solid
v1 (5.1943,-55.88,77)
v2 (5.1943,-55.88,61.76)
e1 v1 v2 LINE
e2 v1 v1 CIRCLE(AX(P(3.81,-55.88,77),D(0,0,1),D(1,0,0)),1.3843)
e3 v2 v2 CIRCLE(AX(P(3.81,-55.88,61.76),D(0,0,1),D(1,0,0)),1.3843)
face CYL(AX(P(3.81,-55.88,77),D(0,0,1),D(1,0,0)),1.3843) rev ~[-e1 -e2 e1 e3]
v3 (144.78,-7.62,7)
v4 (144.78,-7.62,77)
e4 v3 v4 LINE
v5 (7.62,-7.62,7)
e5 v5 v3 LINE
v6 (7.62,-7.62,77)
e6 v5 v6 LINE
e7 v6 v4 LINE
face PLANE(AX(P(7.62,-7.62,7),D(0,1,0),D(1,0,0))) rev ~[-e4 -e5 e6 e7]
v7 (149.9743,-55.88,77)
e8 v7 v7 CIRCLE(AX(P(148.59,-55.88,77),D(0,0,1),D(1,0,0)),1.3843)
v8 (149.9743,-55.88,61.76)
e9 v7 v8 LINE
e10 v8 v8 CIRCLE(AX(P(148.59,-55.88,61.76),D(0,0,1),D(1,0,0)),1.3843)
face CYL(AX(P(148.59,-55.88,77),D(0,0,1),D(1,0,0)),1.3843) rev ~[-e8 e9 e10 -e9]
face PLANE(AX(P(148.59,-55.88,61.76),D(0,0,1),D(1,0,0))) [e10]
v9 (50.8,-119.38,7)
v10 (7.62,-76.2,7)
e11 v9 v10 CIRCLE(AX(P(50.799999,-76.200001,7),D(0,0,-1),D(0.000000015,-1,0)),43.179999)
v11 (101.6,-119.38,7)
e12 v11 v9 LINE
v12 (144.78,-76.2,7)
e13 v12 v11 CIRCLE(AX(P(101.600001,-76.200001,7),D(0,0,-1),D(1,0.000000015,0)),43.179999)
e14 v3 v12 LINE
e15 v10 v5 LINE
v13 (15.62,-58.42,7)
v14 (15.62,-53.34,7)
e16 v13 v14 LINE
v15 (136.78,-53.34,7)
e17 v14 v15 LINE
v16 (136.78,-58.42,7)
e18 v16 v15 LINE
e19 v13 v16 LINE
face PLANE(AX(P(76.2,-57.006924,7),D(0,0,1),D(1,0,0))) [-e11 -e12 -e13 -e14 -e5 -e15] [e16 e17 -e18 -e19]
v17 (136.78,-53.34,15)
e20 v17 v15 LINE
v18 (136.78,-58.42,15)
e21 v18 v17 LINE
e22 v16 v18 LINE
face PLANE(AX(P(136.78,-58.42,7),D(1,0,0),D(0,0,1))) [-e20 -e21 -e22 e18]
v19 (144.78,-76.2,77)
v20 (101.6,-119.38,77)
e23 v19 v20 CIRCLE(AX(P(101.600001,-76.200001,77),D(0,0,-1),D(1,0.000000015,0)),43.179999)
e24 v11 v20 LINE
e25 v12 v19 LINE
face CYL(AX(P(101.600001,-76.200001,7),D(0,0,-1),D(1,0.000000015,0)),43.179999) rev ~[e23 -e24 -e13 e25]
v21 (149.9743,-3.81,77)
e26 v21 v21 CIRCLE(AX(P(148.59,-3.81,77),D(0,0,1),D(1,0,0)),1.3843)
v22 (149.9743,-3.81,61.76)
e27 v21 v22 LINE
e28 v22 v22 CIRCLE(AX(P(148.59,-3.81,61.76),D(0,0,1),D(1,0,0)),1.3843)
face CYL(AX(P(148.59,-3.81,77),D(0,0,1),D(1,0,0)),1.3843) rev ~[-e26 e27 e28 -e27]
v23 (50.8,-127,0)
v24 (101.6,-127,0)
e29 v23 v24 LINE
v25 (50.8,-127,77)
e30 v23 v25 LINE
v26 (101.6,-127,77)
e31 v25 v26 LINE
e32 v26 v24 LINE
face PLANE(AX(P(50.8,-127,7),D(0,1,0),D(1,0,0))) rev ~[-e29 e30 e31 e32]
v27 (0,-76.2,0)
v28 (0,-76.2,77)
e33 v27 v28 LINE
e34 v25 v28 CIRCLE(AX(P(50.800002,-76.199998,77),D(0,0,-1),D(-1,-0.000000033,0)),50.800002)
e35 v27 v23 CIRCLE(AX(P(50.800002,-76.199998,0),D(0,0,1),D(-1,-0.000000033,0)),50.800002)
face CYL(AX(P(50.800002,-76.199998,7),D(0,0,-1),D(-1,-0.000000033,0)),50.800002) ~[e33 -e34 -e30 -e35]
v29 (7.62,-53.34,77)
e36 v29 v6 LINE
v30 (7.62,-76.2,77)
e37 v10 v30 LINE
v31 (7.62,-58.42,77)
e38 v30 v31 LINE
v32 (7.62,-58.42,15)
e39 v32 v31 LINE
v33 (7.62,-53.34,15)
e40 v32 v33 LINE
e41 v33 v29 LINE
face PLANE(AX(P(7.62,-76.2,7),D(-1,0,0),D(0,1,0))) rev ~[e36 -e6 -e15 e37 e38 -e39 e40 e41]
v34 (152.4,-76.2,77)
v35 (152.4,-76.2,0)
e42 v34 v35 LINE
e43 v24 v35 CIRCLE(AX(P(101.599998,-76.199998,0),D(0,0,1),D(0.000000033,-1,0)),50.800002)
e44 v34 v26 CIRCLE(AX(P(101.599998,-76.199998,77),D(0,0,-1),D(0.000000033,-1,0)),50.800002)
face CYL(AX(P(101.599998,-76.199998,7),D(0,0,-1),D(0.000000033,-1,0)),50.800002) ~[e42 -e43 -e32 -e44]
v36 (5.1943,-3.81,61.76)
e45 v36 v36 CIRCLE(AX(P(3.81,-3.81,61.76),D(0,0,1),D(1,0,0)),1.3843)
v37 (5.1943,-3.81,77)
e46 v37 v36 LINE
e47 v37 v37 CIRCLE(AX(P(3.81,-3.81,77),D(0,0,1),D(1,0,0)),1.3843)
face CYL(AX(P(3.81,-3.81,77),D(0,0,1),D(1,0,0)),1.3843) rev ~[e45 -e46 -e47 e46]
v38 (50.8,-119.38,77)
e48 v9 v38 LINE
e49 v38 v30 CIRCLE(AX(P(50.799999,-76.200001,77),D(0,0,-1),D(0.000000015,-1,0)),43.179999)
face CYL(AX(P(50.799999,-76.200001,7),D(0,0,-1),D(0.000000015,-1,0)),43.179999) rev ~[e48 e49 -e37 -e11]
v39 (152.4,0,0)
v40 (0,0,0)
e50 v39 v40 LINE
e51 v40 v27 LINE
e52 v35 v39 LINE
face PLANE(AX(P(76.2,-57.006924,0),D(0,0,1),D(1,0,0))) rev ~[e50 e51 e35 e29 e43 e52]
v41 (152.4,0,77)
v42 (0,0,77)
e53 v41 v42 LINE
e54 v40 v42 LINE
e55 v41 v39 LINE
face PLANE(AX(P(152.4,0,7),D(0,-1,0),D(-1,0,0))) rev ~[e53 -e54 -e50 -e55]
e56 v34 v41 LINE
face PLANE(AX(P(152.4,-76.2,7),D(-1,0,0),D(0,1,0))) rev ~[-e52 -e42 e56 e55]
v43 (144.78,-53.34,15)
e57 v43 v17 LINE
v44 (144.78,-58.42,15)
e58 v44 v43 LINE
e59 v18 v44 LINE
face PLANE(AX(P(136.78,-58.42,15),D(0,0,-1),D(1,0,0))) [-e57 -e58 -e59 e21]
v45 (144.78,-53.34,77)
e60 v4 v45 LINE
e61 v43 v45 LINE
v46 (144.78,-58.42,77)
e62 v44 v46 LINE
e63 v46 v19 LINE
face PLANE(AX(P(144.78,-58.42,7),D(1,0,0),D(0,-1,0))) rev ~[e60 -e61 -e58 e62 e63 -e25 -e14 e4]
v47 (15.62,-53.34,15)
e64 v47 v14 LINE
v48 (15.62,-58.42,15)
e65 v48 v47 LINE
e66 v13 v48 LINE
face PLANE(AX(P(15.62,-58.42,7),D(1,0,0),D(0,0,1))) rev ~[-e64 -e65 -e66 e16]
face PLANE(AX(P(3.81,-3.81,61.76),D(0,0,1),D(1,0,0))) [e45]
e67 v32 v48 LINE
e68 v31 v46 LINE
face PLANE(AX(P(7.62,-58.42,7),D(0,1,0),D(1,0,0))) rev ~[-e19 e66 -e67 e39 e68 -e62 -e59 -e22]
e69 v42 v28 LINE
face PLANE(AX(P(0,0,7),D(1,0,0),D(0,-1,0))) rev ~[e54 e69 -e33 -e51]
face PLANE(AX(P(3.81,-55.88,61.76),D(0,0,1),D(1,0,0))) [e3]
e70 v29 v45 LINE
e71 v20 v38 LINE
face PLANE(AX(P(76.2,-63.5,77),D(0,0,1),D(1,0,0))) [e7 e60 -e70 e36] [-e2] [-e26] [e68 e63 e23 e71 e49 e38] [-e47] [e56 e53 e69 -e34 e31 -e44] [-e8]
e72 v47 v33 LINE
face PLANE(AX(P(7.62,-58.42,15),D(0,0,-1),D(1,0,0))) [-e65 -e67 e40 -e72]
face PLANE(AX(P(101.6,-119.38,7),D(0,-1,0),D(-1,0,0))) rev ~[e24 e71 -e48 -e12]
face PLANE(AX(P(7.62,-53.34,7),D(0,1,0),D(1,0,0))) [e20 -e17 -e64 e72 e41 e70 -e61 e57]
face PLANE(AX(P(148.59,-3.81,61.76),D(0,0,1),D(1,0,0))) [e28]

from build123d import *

# Parameters (mm, degrees)
F1_DEPTH = 7
F2_W     = 137.16
F2_H     = 5.08
F3_DEPTH = 100
F5_DEPTH = 30
F6_W     = 8
F6_H     = 8
F7_DEPTH = 25.4
F8_R     = 1.3843
F9_DEPTH = 15.24


with BuildPart() as f1:
    # F0 (on Top) → F1 (new body)
    with BuildSketch(Plane.XY):
        with BuildLine():
            Line((152.4, 0), (0, 0))
            Line((0, 0), (0, -76.2))
            ThreePointArc((0, -76.2), (14.878976, -112.121024), (50.8, -127))
            Line((50.8, -127), (101.6, -127))
            ThreePointArc((101.6, -127), (137.521024, -112.121024), (152.4, -76.2))
            Line((152.4, -76.2), (152.4, 0))
        make_face()
    extrude(amount=F1_DEPTH)

    # F2 (on face) → F3 (join)
    with BuildSketch(Plane.XY.offset(7)):
        with BuildLine():
            Line((152.4, 0), (0, 0))
            Line((0, 0), (0, -76.2))
            ThreePointArc((0, -76.2), (14.878976, -112.121024), (50.8, -127))
            Line((50.8, -127), (101.6, -127))
            ThreePointArc((101.6, -127), (137.521024, -112.121024), (152.4, -76.2))
            Line((152.4, -76.2), (152.4, 0))
        make_face()
        with BuildLine():
            Line((7.62, -53.34), (7.62, -7.62))
            Line((7.62, -7.62), (144.78, -7.62))
            Line((144.78, -7.62), (144.78, -53.34))
            Line((144.78, -53.34), (144.78, -58.42))
            Line((144.78, -58.42), (144.78, -76.2))
            ThreePointArc((144.78, -76.2), (132.132871, -106.732871), (101.6, -119.38))
            Line((101.6, -119.38), (50.8, -119.38))
            ThreePointArc((50.8, -119.38), (20.267129, -106.732871), (7.62, -76.2))
            Line((7.62, -76.2), (7.62, -58.42))
            Line((7.62, -58.42), (7.62, -53.34))
        make_face(mode=Mode.SUBTRACT)
        with Locations((76.2, -55.88)):
            Rectangle(F2_W, F2_H)
    extrude(amount=F3_DEPTH)

    # F4 (on face) → F5 (cut)
    with BuildSketch(Plane.XY.offset(107)):
        Polygon((0, 0), (0, -58.42), (0, -127), (152.4, -127), (152.4, -58.42), (152.4, 0), align=None)
    extrude(amount=-F5_DEPTH, mode=Mode.SUBTRACT)

    # F6 (on face) → F7 (cut)
    with BuildSketch(Plane.XZ.offset(58.42)):
        with Locations((11.62, 11)):
            Rectangle(F6_W, F6_H)
        with Locations((140.78, 11)):
            Rectangle(F6_W, F6_H)
    extrude(amount=-F7_DEPTH, mode=Mode.SUBTRACT)

    # F8 (on face) → F9 (cut)
    with BuildSketch(Plane.XY.offset(77)):
        with Locations((3.81, -3.81)):
            Circle(F8_R)
        with Locations((3.81, -55.88)):
            Circle(F8_R)
        with Locations((148.59, -3.81)):
            Circle(F8_R)
        with Locations((148.59, -55.88)):
            Circle(F8_R)
    extrude(amount=-F9_DEPTH, mode=Mode.SUBTRACT)


solid = f1.part
